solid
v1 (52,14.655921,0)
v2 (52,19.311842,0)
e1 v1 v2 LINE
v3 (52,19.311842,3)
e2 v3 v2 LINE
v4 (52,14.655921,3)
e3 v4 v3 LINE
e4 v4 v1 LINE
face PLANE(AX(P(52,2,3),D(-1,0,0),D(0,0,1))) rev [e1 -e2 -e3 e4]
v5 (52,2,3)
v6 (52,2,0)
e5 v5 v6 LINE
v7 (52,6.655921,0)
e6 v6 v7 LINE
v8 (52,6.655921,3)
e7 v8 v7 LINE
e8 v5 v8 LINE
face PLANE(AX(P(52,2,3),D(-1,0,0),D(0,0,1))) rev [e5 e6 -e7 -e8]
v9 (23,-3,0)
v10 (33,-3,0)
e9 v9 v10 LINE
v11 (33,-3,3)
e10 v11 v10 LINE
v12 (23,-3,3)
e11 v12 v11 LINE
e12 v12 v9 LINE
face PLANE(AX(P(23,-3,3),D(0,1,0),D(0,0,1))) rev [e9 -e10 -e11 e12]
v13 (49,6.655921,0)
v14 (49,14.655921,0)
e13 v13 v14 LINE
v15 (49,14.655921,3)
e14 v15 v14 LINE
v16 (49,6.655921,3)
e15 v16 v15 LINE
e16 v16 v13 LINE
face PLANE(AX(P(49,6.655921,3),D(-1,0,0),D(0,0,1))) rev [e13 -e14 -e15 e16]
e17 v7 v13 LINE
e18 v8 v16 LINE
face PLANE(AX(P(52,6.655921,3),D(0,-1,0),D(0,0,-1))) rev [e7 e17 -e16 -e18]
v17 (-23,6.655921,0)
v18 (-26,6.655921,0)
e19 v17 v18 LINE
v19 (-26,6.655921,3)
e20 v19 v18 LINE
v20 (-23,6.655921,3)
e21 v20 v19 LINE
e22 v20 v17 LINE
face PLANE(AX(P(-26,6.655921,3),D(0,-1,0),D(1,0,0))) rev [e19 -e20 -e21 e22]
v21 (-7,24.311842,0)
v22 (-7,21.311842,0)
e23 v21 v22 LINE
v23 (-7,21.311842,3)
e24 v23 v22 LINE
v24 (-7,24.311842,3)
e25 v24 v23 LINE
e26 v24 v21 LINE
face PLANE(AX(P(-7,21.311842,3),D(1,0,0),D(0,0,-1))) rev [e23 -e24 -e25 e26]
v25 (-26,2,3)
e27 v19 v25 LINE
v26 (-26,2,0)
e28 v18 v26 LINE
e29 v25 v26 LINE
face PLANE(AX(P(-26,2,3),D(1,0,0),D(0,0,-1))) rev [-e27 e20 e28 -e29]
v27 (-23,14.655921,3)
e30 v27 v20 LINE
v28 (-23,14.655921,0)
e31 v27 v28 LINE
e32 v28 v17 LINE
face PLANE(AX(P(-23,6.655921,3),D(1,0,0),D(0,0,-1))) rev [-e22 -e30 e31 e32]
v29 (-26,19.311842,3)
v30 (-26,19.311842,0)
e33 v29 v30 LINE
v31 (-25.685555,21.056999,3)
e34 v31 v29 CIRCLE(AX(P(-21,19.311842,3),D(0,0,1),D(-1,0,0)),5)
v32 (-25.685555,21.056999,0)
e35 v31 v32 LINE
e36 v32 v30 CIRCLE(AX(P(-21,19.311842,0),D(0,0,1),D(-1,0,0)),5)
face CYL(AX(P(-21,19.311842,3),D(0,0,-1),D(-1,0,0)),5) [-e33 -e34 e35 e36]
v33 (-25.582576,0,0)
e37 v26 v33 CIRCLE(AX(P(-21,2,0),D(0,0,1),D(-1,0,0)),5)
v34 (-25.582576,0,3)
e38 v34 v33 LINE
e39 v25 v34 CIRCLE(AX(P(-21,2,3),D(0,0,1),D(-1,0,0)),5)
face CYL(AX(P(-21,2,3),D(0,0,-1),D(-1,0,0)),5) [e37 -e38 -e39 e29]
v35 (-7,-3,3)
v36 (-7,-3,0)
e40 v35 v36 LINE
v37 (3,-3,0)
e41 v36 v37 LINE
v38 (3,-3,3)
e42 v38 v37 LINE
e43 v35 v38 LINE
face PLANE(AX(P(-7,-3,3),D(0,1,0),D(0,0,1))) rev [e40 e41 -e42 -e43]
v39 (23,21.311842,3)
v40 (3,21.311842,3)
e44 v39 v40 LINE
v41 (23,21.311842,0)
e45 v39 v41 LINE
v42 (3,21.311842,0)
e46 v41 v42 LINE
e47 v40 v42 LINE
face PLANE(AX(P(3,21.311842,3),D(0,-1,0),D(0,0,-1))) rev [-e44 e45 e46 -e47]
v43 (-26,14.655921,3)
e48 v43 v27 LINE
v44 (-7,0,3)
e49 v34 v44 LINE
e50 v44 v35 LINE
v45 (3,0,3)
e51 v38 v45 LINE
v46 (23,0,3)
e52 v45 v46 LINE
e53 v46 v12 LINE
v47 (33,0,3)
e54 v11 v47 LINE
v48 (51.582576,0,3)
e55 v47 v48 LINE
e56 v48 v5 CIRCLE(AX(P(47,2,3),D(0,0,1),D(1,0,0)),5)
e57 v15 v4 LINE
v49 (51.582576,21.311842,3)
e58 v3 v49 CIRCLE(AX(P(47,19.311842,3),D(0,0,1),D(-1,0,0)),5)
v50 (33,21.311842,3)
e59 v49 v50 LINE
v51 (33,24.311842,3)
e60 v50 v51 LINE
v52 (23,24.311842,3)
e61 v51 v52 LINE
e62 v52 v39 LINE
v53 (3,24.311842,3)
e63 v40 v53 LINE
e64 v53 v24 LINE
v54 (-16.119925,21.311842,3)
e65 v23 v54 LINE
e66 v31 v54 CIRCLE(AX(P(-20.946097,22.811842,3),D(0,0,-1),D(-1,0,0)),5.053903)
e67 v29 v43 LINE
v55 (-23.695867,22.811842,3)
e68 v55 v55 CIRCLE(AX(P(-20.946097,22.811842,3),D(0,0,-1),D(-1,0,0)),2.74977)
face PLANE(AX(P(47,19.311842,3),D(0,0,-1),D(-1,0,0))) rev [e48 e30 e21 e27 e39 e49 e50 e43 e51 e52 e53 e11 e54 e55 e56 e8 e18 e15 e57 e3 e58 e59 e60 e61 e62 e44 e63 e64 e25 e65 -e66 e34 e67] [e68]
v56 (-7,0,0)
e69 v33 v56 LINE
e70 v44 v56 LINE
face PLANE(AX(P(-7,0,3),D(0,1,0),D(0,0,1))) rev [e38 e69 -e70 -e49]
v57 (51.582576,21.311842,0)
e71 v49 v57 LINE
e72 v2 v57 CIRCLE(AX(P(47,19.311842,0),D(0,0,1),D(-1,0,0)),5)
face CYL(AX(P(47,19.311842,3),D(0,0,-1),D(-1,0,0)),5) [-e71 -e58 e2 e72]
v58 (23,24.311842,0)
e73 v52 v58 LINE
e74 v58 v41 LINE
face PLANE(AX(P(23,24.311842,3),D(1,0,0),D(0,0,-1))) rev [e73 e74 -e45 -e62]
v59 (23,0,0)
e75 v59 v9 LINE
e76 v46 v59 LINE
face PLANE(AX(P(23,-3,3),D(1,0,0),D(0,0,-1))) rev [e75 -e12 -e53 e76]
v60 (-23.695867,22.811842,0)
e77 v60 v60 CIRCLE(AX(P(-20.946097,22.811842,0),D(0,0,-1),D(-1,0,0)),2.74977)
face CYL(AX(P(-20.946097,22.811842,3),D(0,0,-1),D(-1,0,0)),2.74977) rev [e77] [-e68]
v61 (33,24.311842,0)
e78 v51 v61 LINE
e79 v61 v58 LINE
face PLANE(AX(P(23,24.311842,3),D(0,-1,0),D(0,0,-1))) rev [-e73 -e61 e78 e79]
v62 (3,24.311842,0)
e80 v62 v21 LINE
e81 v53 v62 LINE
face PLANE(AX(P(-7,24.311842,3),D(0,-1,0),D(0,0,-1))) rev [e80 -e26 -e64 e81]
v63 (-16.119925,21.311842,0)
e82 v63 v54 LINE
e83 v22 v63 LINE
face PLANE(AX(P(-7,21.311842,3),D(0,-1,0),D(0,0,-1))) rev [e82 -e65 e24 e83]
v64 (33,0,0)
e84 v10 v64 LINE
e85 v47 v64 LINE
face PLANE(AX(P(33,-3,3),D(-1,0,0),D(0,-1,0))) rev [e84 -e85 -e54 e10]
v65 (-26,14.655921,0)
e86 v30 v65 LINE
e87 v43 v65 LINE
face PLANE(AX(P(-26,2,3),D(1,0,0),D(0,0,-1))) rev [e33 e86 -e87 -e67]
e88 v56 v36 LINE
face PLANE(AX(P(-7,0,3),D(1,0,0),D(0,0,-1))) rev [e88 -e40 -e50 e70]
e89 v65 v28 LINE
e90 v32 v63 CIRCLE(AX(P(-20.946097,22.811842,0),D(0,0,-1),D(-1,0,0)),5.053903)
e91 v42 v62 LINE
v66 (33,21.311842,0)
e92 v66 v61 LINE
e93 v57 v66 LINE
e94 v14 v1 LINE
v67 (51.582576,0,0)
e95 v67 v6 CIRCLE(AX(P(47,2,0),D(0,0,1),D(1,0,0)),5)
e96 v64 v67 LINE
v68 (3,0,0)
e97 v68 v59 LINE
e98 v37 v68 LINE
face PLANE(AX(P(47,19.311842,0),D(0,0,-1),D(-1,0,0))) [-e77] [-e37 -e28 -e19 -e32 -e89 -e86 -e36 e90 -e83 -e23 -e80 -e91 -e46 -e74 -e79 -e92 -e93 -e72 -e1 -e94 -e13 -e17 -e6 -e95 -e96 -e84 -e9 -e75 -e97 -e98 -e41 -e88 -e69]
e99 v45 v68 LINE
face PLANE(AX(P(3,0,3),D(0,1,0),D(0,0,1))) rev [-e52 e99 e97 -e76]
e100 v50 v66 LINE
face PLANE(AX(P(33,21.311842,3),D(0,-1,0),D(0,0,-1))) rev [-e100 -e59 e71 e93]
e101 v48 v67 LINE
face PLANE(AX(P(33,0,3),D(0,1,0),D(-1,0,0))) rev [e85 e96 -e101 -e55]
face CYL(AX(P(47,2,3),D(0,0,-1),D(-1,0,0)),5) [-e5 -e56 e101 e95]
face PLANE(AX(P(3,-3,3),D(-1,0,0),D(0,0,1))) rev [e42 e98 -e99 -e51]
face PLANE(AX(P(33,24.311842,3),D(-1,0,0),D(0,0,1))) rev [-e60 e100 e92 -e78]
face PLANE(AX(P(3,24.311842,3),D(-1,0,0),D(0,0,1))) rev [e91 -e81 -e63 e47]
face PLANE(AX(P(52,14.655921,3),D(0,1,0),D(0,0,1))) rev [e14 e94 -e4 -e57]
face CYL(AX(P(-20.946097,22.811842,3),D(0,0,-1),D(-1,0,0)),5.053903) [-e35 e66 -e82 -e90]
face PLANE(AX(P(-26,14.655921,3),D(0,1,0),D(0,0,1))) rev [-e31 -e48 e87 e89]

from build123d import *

# Parameters (mm, degrees)
BOSS_EXTRUDE1_DEPTH = 3
SKETCH3_R           = 5.053902861
SKETCH3_R_2         = 2.749769833
BOSS_EXTRUDE3_DEPTH = 3
CUT_EXTRUDE1_DEPTH  = 3
SKETCH5_W           = 3
SKETCH5_H           = 8
CUT_EXTRUDE2_DEPTH  = 3


with BuildPart() as part:
    # Sketch1 → Boss-Extrude1 (new body)
    with BuildSketch(Plane.XY):
        with BuildLine():
            Line((-7, -3), (3, -3))
            Line((3, -3), (3, 0))
            Line((3, 0), (23, 0))
            Line((23, 0), (23, -3))
            Line((23, -3), (33, -3))
            Line((33, -3), (33, 0))
            Line((33, 0), (51.582575695, 0))
            ThreePointArc((51.582575695, 0), (51.894531565, 0.978451782), (52, 2))
            Line((52, 2), (52, 19.311841589))
            ThreePointArc((52, 19.311841589), (51.894531565, 20.333389808), (51.582575695, 21.311841589))
            Line((51.582575695, 21.311841589), (33, 21.311841589))
            Line((33, 21.311841589), (33, 24.311841589))
            Line((33, 24.311841589), (23, 24.311841589))
            Line((23, 24.311841589), (23, 21.311841589))
            Line((23, 21.311841589), (3, 21.311841589))
            Line((3, 21.311841589), (3, 24.311841589))
            Line((3, 24.311841589), (-7, 24.311841589))
            Line((-7, 24.311841589), (-7, 21.311841589))
            Line((-7, 21.311841589), (-25.582575695, 21.311841589))
            ThreePointArc((-25.582575695, 21.311841589), (-25.894531565, 20.333389808), (-26, 19.311841589))
            Line((-26, 19.311841589), (-26, 2))
            ThreePointArc((-26, 2), (-25.894531565, 0.978451782), (-25.582575695, 0))
            Line((-25.582575695, 0), (-7, 0))
            Line((-7, 0), (-7, -3))
        make_face()
    extrude(amount=BOSS_EXTRUDE1_DEPTH)

    # Sketch3 → Boss-Extrude3 (add)
    with BuildSketch(Plane(origin=(0, 0, 0), x_dir=(-1, 0, 0), z_dir=(0, 0, -1))):
        with Locations((20.946097139, 22.811841589)):
            Circle(SKETCH3_R)
        with Locations((20.946097139, 22.811841589)):
            Circle(SKETCH3_R_2, mode=Mode.SUBTRACT)
    extrude(amount=-BOSS_EXTRUDE3_DEPTH)

    # Sketch4 → Cut-Extrude1 (cut)
    with BuildSketch(Plane(origin=(0, 0, 0), x_dir=(-1, 0, 0), z_dir=(0, 0, -1))):
        with BuildLine():
            Line((23.250708633, 21.311841589), (18.641485645, 21.311841589))
            ThreePointArc((18.641485645, 21.311841589), (20.946097139, 20.062071756), (23.250708633, 21.311841589))
        make_face()
    extrude(amount=-CUT_EXTRUDE1_DEPTH, mode=Mode.SUBTRACT)

    # Sketch5 → Cut-Extrude2 (cut)
    with BuildSketch(Plane(origin=(0, 0, 0), x_dir=(-1, 0, 0), z_dir=(0, 0, -1))):
        with Locations((24.5, 10.655920795)):
            Rectangle(SKETCH5_W, SKETCH5_H)
        with Locations((-50.5, 10.655920795)):
            Rectangle(SKETCH5_W, SKETCH5_H)
    extrude(amount=-CUT_EXTRUDE2_DEPTH, mode=Mode.SUBTRACT)


solid = part.part
